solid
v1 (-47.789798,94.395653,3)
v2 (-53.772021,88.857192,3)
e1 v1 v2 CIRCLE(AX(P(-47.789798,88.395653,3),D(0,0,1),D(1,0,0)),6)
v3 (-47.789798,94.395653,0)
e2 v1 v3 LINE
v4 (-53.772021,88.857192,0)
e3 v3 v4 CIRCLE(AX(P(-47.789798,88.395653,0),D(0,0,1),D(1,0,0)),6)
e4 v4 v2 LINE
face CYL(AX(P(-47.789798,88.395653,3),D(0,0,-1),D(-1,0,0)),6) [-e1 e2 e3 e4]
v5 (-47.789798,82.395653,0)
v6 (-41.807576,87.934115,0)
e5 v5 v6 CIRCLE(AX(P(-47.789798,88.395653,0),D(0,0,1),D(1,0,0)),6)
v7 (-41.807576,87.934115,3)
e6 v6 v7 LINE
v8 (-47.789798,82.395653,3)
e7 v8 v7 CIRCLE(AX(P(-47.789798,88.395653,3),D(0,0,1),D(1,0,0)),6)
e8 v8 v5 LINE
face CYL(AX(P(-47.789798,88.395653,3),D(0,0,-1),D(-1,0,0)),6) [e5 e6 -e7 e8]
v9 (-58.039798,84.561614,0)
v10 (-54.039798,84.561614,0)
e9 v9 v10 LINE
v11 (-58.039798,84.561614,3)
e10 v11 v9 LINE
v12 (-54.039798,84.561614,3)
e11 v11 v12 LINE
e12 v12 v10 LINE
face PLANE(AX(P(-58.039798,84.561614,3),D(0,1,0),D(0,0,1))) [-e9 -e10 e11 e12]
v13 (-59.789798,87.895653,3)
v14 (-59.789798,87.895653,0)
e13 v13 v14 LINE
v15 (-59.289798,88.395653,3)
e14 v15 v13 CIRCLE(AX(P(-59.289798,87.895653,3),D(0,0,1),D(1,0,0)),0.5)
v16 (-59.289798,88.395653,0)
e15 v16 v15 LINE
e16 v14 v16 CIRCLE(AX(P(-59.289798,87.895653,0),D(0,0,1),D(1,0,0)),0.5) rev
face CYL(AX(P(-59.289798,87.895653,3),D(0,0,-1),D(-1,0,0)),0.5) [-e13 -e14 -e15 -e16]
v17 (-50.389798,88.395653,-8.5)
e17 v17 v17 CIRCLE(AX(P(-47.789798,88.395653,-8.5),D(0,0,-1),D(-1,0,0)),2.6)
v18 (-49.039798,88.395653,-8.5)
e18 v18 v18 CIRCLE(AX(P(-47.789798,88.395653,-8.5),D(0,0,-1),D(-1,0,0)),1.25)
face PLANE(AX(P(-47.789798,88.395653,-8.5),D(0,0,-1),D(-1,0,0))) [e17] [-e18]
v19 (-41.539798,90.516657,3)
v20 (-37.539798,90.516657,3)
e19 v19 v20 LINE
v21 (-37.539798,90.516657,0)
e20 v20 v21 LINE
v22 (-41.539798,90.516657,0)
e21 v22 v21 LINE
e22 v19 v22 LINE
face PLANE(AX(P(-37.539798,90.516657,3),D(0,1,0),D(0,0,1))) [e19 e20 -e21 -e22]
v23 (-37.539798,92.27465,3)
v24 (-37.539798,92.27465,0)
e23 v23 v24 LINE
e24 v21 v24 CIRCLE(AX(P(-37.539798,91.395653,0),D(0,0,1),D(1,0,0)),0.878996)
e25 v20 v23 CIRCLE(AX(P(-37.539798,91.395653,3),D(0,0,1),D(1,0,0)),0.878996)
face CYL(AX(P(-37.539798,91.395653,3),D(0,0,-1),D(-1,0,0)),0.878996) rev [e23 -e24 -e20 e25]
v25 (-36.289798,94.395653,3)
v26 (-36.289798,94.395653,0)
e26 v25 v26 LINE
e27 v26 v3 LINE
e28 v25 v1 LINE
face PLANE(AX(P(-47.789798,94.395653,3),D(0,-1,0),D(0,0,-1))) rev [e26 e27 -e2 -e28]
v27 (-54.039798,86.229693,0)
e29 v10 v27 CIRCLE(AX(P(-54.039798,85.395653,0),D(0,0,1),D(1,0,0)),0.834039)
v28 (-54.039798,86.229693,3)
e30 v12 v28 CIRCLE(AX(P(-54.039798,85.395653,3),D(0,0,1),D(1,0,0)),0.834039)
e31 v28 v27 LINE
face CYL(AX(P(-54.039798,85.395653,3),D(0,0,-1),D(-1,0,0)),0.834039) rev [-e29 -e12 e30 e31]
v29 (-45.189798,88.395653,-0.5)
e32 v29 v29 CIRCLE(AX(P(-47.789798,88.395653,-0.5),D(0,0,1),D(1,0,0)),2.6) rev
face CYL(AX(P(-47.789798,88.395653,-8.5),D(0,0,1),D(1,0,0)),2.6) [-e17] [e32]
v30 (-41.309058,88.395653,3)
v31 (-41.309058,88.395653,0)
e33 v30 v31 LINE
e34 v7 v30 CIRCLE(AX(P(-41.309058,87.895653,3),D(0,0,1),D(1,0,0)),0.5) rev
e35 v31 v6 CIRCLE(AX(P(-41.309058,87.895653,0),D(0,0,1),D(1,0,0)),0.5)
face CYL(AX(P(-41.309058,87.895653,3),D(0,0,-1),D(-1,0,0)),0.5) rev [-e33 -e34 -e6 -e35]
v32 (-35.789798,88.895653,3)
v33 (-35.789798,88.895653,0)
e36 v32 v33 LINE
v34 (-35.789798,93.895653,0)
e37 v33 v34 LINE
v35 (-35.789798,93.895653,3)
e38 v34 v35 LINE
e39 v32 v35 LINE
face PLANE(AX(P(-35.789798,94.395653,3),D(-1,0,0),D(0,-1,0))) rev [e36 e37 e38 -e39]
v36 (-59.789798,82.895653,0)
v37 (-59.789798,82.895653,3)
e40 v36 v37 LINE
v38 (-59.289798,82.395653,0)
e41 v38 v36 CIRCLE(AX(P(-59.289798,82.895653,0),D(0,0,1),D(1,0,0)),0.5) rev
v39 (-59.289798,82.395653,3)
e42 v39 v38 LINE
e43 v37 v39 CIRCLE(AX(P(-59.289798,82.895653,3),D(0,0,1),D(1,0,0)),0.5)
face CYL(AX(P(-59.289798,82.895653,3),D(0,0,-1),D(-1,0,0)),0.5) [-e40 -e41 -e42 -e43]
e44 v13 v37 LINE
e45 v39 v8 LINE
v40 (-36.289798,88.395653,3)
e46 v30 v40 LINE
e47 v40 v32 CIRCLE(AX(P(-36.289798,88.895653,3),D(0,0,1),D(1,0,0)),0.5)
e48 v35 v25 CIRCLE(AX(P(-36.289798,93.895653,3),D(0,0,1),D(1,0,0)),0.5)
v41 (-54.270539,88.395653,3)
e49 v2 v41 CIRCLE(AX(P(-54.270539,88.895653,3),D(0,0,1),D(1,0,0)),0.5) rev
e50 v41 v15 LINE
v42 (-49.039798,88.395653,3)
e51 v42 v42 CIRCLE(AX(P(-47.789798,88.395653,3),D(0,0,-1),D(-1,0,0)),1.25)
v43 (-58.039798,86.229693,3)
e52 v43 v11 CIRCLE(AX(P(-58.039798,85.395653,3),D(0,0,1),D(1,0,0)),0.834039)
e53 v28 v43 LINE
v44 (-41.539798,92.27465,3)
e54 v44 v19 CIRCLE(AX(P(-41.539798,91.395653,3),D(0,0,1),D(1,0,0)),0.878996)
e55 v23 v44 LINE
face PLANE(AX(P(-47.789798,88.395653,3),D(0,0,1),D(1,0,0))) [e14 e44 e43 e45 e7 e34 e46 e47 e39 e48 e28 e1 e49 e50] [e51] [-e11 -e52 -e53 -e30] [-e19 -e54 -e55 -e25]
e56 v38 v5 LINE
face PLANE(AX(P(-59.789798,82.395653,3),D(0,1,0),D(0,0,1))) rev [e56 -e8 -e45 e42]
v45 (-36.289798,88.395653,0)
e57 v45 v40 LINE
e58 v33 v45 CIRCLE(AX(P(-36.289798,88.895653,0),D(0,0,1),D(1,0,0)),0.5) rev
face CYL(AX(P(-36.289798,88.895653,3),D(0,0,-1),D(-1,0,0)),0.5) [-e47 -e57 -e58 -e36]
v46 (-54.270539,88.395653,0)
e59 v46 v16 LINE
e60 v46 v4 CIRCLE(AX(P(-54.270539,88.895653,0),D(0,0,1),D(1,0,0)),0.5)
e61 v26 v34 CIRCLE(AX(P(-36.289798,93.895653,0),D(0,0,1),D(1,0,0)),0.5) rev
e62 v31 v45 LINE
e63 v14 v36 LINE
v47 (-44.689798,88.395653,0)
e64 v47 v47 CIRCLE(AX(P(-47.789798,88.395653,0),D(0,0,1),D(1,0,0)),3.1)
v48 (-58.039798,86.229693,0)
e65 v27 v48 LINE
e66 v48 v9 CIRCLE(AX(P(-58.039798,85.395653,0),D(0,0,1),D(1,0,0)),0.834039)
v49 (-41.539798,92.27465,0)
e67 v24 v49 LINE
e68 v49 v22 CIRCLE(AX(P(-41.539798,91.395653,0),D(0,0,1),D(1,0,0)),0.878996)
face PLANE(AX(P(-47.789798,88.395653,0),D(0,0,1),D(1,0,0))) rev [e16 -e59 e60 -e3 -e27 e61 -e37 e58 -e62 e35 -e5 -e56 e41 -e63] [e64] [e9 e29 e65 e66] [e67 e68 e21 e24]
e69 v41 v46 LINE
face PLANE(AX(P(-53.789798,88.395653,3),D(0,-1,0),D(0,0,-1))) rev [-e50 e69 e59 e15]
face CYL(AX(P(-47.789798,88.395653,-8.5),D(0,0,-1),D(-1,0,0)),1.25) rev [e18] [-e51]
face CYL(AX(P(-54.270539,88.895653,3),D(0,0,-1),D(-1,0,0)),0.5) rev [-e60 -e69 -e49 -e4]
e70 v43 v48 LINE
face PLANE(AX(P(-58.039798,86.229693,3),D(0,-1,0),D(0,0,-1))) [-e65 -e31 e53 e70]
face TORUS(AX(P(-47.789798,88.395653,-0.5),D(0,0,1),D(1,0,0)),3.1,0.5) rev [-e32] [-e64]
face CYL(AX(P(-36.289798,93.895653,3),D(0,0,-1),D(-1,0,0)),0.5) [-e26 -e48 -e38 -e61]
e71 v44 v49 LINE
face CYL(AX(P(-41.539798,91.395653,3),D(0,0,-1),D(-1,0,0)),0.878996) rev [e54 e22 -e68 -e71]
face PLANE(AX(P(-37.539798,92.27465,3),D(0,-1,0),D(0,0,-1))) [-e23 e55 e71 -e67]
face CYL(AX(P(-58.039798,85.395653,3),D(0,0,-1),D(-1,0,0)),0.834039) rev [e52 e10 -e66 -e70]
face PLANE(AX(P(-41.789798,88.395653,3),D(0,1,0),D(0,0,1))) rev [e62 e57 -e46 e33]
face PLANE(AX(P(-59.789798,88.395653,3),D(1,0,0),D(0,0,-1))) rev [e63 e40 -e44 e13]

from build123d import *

# Parameters (mm, degrees)
BOSS_EXTRUDE1_DEPTH = 3
SKETCH2_R           = 2.6
BOSS_EXTRUDE2_DEPTH = 8.5
M3_TAPPED_HOLE1_D   = 2.5
FILLET1_R           = 0.5


with BuildPart() as part:
    # Sketch1 → Boss-Extrude1 (new body)
    with BuildSketch(Plane.XY):
        with BuildLine():
            Line((-47.789798407, 94.395653496), (-35.789798407, 94.395653496))
            Line((-35.789798407, 94.395653496), (-35.789798407, 88.395653496))
            Line((-35.789798407, 88.395653496), (-41.789798407, 88.395653496))
            ThreePointArc((-41.789798407, 88.395653496), (-43.54715772, 84.153012809), (-47.789798407, 82.395653496))
            Line((-47.789798407, 82.395653496), (-59.789798407, 82.395653496))
            Line((-59.789798407, 82.395653496), (-59.789798407, 88.395653496))
            Line((-59.789798407, 88.395653496), (-53.789798407, 88.395653496))
            ThreePointArc((-53.789798407, 88.395653496), (-52.032439094, 92.638294183), (-47.789798407, 94.395653496))
        make_face()
        with BuildLine():
            Line((-37.539798407, 90.516657199), (-41.539798407, 90.516657199))
            ThreePointArc((-41.539798407, 90.516657199), (-42.418794704, 91.395653496), (-41.539798407, 92.274649793))
            Line((-41.539798407, 92.274649793), (-37.539798407, 92.274649793))
            ThreePointArc((-37.539798407, 92.274649793), (-36.66080211, 91.395653496), (-37.539798407, 90.516657199))
        make_face(mode=Mode.SUBTRACT)
        with BuildLine():
            Line((-58.039798407, 86.229692735), (-54.039798407, 86.229692735))
            ThreePointArc((-54.039798407, 86.229692735), (-53.205759169, 85.395653496), (-54.039798407, 84.561614258))
            Line((-54.039798407, 84.561614258), (-58.039798407, 84.561614258))
            ThreePointArc((-58.039798407, 84.561614258), (-58.873837646, 85.395653496), (-58.039798407, 86.229692735))
        make_face(mode=Mode.SUBTRACT)
    extrude(amount=BOSS_EXTRUDE1_DEPTH)

    # Sketch2 → Boss-Extrude2 (add)
    with BuildSketch(Plane(origin=(0, 0, 0), x_dir=(-1, 0, 0), z_dir=(0, 0, -1))):
        with Locations(Location((47.789798407, 88.395653496, 0), (0, 0, 180))):
            Circle(SKETCH2_R)
    extrude(amount=BOSS_EXTRUDE2_DEPTH)

    # M3 Tapped Hole1 (through all)
    with Locations(Plane(origin=(0, 0, -8.5), x_dir=(-1, 0, 0), z_dir=(0, 0, -1))):
        with Locations((47.789798407, 88.395653496)):
            Hole(M3_TAPPED_HOLE1_D / 2)

    # Fillet1
    fillet1_edges = [part.edges().sort_by_distance(p)[0] for p in [
        (-35.789798407, 94.395653496, 1.5),
        (-35.789798407, 88.395653496, 1.5),
        (-41.789798407, 88.395653496, 1.5),
        (-59.789798407, 82.395653496, 1.5),
        (-59.789798407, 88.395653496, 1.5),
        (-53.789798407, 88.395653496, 1.5),
        (-50.389798407, 88.395653496, 0),
    ]]
    fillet(fillet1_edges, radius=FILLET1_R)


solid = part.part
